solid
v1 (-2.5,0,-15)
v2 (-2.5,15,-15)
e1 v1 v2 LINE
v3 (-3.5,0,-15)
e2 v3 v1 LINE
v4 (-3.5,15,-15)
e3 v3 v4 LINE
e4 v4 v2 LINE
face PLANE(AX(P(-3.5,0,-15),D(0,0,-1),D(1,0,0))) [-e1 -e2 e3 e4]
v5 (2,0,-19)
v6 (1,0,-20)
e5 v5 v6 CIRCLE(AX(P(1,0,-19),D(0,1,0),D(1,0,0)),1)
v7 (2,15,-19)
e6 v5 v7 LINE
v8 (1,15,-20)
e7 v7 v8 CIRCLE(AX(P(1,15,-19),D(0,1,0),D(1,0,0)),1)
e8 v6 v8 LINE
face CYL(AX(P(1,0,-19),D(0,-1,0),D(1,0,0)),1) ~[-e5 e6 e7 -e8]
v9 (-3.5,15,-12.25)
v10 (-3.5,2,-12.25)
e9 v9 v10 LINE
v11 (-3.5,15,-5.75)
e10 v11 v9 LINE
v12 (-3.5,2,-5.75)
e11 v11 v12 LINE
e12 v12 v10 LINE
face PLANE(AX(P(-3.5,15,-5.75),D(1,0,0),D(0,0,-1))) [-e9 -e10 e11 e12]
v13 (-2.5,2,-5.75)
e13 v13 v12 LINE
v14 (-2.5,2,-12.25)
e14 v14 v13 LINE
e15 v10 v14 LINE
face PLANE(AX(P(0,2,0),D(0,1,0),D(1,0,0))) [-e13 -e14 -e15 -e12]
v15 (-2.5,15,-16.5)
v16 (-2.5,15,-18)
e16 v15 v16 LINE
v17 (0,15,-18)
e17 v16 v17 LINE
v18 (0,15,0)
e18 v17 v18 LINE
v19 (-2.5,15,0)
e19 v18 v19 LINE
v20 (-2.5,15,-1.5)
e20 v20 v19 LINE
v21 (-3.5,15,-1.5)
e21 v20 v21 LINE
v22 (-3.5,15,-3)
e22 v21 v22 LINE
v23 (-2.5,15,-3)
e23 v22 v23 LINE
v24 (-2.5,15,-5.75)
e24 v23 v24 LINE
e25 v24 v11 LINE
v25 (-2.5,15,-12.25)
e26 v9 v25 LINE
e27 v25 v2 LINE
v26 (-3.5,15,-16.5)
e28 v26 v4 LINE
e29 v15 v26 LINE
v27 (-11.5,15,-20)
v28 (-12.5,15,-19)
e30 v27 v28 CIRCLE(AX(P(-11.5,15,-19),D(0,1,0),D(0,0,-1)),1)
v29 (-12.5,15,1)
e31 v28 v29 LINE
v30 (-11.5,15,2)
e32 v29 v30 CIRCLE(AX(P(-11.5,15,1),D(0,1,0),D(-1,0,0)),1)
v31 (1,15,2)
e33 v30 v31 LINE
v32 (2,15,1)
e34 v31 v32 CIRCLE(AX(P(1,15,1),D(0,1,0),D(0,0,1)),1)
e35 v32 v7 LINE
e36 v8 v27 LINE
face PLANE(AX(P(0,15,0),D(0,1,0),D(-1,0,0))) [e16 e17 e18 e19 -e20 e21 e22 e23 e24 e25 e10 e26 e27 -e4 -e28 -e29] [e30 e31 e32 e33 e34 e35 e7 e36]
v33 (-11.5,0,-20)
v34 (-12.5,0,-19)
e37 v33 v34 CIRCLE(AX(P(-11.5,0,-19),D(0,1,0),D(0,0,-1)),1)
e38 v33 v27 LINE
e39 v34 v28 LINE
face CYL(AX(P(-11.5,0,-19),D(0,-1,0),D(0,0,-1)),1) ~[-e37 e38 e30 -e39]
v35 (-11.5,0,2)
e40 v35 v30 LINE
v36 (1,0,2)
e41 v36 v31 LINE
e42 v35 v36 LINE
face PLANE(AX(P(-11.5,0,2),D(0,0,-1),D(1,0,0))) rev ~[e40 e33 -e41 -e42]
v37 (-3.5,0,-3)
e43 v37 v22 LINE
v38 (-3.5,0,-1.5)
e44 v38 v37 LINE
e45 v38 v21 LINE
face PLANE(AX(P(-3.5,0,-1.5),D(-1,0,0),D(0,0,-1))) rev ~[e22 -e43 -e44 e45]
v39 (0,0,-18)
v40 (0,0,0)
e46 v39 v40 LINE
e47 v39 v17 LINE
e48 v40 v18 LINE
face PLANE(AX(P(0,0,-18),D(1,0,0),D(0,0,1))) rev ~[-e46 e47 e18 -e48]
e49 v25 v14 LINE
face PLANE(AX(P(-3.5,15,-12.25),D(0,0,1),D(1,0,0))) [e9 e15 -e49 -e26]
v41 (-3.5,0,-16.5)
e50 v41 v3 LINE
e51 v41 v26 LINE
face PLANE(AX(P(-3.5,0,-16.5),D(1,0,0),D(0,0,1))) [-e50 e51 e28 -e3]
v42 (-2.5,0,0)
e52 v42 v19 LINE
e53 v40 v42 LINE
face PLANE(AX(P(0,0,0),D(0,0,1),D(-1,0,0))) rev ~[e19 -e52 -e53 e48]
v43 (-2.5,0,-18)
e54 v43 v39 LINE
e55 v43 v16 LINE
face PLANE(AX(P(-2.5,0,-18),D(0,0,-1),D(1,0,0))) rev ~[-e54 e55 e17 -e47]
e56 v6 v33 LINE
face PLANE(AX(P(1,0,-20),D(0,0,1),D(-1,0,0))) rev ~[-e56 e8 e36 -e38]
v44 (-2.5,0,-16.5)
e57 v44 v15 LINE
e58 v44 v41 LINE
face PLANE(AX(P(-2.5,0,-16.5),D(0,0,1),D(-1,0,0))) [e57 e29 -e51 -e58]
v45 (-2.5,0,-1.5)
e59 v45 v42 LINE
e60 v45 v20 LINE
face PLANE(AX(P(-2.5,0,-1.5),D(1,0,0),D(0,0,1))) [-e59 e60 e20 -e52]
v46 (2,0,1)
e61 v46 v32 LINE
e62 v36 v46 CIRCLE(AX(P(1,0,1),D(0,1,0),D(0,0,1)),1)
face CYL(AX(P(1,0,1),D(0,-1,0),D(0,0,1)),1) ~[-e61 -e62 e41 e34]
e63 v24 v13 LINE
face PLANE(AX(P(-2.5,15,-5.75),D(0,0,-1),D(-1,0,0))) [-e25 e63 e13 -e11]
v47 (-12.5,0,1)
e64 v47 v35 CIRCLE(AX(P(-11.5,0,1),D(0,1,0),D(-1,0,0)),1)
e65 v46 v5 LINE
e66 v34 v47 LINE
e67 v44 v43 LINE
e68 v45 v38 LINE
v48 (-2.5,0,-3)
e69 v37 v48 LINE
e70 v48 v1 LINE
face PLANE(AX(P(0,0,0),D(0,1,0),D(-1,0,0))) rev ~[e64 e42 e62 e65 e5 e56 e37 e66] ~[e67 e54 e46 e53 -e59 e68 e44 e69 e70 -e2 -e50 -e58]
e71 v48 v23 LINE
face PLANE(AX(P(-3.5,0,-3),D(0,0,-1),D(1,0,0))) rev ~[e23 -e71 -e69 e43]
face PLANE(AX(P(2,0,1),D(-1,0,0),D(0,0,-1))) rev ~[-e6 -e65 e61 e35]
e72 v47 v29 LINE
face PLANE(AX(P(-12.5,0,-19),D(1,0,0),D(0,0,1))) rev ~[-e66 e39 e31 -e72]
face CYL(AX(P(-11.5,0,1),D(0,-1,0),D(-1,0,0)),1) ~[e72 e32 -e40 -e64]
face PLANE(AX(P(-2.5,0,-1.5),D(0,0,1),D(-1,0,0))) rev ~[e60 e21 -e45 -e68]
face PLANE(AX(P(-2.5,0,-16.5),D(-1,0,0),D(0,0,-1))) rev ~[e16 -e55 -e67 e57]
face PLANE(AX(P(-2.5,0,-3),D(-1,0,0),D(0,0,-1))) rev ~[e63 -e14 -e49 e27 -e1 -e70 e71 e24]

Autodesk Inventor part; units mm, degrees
ref_plane "YZ Plane" through (0, 0, 0) normal (1, 0, 0) x (0, 1, 0)
ref_plane "XZ Plane" through (0, 0, 0) normal (0, 1, 0) x (-1, 0, 0)
ref_plane "XY Plane" through (0, 0, 0) normal (0, 0, 1) x (1, 0, 0)
sketch "Sketch1" plane through (0, 0, 0) normal (0, 1, 0) x (-1, 0, 0)
  line L0 (0, 0) -> (2.5, 0)
  line L1 (2.5, -18) -> (0, -18)
  line L2 (0, -18) -> (0, 0)
  line L3 (11.5, 2) -> (-1, 2)
  line L4 (-2, 1) -> (-2, -19)
  line L5 (-1, -20) -> (11.5, -20)
  line L6 (12.5, -19) -> (12.5, 1)
  line L7 (2.5, -1.5) -> (3.5, -1.5)
  line L8 (2.5, -16.5) -> (3.5, -16.5)
  line L9 (3.5, -1.5) -> (3.5, -3)
  line L10 (3.5, -3) -> (2.5, -3)
  line L11 (3.5, -16.5) -> (3.5, -15)
  line L12 (3.5, -15) -> (2.5, -15)
  line L13 (2.5, -1.5) -> (2.5, 0)
  line L14 (2.5, -3) -> (2.5, -15)
  line L15 (2.5, -16.5) -> (2.5, -18)
  arc A0 (-1, 2) -> (-2, 1) centre (-1, 1) ccw
  arc A1 (-2, -19) -> (-1, -20) centre (-1, -19) ccw
  arc A2 (11.5, -20) -> (12.5, -19) centre (11.5, -19) ccw
  arc A3 (12.5, 1) -> (11.5, 2) centre (11.5, 1) ccw
  dimension "d0" = 18
  dimension "d1" = 2.5
  dimension "d3" = 2
  dimension "d4" = 2
  dimension "d5" = 2
  dimension "d7" = 1
  dimension "d8" = 15
  dimension "d10" = 1.5
  dimension "d11" = 1.5
  dimension "d12" = 1
sketch "Sketch3" plane through (0, 0, 0) normal (0, 1, 0) x (-1, 0, 0)
  point P0 (0, 0)
extrude "Extrusion1" add sketch "Sketch1" along normal blind 15
sketch "Sketch4" plane through (0, 15, 0) normal (0, 1, 0) x (1, 0, 0)
  point P0 (0, 0)
sketch "Sketch5" plane through (0, 15, 0) normal (0, 1, 0) x (1, 0, 0)
  line L0 (-2.5, 5.75) -> (-3.5, 5.75)
  line L1 (-3.5, 5.75) -> (-3.5, 12.25)
  line L2 (-3.5, 12.25) -> (-2.5, 12.25)
  line L3 (-2.5, 12.25) -> (-2.5, 5.75)
  line L4 (-2.5, 3) -> (-2.5, 15) projected
  line L5 (-11.5, -2) -> (1, -2) projected
  point P0 (0, 0)
  dimension "d15" = 1
  dimension "d16" = 6.5
  dimension "d17" = 0
  dimension "d18" = 7.75
extrude "Extrusion2" cut sketch "Sketch5" against normal blind 13
properties part number "clip_fit_prototype"
